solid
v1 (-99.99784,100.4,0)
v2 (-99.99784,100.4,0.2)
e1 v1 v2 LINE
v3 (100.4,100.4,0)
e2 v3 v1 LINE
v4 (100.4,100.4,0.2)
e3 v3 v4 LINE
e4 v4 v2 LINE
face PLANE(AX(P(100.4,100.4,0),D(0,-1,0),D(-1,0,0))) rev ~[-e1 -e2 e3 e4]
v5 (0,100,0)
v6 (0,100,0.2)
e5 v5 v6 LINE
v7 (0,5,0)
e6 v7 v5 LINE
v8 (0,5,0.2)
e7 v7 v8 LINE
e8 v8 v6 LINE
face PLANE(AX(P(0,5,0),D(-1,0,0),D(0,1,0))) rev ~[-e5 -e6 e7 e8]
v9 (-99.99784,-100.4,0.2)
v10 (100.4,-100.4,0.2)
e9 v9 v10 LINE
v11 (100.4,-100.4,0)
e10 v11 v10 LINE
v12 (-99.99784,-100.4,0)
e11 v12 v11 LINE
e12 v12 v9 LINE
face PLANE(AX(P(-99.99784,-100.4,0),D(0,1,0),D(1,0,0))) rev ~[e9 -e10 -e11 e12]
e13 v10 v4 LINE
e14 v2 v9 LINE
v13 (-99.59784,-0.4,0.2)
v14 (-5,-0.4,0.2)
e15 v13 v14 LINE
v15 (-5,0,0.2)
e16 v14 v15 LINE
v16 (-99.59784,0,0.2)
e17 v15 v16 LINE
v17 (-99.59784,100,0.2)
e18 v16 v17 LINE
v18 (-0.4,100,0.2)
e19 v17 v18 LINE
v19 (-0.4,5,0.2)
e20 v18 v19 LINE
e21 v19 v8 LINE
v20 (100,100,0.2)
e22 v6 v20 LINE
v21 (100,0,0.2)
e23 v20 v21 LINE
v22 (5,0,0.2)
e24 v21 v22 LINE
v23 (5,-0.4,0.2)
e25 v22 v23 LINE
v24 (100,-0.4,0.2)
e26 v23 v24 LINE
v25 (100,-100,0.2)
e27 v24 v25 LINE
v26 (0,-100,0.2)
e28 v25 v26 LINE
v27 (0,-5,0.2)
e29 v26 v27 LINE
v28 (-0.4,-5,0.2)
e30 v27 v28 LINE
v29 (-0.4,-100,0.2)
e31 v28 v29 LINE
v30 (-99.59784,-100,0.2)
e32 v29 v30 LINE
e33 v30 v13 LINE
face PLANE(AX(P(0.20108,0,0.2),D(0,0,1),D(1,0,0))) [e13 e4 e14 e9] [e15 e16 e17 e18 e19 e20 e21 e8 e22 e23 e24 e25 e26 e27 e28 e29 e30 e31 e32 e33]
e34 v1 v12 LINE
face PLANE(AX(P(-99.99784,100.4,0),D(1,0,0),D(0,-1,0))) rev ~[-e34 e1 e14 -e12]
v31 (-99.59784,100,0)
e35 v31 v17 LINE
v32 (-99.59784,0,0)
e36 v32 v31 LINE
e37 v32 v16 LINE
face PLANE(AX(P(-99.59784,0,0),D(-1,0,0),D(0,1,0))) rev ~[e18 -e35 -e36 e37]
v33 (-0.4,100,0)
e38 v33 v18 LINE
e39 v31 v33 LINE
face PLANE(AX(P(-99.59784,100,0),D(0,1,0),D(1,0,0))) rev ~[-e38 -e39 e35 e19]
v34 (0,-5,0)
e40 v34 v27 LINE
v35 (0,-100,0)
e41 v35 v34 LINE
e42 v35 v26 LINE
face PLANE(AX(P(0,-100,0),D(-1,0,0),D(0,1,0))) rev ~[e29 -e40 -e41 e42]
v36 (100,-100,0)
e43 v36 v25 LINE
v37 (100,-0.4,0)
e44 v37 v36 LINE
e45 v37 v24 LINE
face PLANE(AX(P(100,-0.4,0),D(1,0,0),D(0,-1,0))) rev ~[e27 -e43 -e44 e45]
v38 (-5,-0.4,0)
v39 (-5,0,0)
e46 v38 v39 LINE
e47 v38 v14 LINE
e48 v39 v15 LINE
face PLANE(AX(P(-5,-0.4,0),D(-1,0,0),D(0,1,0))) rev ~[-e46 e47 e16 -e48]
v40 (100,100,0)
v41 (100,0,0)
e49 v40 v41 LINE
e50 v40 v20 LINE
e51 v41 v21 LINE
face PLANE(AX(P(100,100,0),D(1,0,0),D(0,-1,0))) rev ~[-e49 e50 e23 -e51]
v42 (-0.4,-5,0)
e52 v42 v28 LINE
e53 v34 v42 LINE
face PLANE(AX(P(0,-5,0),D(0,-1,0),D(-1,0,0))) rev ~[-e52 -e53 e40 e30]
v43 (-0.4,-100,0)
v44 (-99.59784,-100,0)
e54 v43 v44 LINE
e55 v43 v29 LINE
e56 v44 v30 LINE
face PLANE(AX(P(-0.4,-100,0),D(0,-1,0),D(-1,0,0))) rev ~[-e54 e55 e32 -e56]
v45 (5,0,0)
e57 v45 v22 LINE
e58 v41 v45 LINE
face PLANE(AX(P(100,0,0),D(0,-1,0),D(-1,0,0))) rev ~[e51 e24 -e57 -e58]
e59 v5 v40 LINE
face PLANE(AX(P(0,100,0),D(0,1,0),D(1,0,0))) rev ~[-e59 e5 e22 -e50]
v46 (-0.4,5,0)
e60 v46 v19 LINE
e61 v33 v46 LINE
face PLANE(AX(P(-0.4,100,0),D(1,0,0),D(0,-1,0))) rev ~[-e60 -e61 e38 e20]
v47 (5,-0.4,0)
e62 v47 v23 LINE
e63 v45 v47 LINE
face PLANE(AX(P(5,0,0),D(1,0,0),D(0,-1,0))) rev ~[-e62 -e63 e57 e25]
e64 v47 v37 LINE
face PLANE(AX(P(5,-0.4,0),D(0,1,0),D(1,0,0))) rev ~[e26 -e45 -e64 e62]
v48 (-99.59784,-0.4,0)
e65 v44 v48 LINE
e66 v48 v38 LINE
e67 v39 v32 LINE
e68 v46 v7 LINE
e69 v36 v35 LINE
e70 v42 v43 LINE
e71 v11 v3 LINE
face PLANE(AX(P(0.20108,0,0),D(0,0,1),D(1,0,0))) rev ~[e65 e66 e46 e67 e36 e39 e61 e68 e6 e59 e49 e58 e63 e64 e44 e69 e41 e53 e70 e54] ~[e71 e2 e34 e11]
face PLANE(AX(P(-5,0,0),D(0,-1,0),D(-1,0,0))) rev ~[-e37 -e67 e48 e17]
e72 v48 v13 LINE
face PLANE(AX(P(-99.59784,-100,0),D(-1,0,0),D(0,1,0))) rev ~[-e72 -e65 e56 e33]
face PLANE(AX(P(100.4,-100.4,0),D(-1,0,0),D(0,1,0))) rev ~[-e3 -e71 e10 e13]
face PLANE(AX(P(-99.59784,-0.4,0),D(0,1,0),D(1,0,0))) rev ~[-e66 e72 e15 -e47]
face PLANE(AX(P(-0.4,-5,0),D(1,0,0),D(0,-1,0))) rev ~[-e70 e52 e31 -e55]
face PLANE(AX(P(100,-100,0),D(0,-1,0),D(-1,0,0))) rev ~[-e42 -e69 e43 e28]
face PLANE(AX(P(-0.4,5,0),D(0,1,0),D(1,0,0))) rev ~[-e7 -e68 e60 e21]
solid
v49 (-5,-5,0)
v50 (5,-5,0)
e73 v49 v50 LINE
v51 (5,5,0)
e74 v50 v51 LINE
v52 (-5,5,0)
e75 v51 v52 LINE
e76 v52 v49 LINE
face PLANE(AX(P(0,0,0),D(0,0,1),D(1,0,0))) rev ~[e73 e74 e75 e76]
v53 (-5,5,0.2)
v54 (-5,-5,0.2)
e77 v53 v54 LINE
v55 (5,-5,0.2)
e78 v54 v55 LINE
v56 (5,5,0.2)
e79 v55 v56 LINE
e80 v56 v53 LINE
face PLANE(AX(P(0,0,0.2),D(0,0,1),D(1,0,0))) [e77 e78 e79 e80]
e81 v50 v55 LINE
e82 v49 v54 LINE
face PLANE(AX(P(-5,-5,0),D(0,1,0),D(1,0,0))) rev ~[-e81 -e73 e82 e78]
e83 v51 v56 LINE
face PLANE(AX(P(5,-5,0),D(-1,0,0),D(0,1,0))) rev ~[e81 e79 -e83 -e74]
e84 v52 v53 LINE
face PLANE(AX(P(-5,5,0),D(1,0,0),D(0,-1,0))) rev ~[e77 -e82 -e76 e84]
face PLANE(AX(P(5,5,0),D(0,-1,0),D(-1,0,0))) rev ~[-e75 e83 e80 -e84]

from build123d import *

# Parameters (mm, degrees)
F1_DEPTH = 0.2
F2_DEPTH = 0.2


with BuildPart() as f1:
    # F0 (on Top) → F1 (new body)
    with BuildSketch(Plane.XY):
        Polygon((-99.99784, 100), (-99.99784, -100), (-99.99784, -100.4), (100.4, -100.4), (100.4, 100.4), (-99.99784, 100.4), align=None)
        Polygon((100, -0.4), (100, -100), (0, -100), (0, -5), (-0.4, -5), (-0.4, -100), (-99.59784, -100), (-99.59784, -0.4), (-5, -0.4), (-5, 0), (-99.59784, 0), (-99.59784, 100), (-0.4, 100), (-0.4, 5), (0, 5), (0, 100), (100, 100), (100, 0), (5, 0), (5, -0.4), align=None, mode=Mode.SUBTRACT)
    extrude(amount=F1_DEPTH)


with BuildPart() as f2:
    # F0 (on Top) → F2 (new body)
    with BuildSketch(Plane.XY):
        Polygon((-0.4, -5), (0, -5), (5, -5), (5, -0.4), (5, 0), (5, 5), (0, 5), (-0.4, 5), (-5, 5), (-5, 0), (-5, -0.4), (-5, -5), align=None)
    extrude(amount=F2_DEPTH)


solid = Compound([f1.part, f2.part])
